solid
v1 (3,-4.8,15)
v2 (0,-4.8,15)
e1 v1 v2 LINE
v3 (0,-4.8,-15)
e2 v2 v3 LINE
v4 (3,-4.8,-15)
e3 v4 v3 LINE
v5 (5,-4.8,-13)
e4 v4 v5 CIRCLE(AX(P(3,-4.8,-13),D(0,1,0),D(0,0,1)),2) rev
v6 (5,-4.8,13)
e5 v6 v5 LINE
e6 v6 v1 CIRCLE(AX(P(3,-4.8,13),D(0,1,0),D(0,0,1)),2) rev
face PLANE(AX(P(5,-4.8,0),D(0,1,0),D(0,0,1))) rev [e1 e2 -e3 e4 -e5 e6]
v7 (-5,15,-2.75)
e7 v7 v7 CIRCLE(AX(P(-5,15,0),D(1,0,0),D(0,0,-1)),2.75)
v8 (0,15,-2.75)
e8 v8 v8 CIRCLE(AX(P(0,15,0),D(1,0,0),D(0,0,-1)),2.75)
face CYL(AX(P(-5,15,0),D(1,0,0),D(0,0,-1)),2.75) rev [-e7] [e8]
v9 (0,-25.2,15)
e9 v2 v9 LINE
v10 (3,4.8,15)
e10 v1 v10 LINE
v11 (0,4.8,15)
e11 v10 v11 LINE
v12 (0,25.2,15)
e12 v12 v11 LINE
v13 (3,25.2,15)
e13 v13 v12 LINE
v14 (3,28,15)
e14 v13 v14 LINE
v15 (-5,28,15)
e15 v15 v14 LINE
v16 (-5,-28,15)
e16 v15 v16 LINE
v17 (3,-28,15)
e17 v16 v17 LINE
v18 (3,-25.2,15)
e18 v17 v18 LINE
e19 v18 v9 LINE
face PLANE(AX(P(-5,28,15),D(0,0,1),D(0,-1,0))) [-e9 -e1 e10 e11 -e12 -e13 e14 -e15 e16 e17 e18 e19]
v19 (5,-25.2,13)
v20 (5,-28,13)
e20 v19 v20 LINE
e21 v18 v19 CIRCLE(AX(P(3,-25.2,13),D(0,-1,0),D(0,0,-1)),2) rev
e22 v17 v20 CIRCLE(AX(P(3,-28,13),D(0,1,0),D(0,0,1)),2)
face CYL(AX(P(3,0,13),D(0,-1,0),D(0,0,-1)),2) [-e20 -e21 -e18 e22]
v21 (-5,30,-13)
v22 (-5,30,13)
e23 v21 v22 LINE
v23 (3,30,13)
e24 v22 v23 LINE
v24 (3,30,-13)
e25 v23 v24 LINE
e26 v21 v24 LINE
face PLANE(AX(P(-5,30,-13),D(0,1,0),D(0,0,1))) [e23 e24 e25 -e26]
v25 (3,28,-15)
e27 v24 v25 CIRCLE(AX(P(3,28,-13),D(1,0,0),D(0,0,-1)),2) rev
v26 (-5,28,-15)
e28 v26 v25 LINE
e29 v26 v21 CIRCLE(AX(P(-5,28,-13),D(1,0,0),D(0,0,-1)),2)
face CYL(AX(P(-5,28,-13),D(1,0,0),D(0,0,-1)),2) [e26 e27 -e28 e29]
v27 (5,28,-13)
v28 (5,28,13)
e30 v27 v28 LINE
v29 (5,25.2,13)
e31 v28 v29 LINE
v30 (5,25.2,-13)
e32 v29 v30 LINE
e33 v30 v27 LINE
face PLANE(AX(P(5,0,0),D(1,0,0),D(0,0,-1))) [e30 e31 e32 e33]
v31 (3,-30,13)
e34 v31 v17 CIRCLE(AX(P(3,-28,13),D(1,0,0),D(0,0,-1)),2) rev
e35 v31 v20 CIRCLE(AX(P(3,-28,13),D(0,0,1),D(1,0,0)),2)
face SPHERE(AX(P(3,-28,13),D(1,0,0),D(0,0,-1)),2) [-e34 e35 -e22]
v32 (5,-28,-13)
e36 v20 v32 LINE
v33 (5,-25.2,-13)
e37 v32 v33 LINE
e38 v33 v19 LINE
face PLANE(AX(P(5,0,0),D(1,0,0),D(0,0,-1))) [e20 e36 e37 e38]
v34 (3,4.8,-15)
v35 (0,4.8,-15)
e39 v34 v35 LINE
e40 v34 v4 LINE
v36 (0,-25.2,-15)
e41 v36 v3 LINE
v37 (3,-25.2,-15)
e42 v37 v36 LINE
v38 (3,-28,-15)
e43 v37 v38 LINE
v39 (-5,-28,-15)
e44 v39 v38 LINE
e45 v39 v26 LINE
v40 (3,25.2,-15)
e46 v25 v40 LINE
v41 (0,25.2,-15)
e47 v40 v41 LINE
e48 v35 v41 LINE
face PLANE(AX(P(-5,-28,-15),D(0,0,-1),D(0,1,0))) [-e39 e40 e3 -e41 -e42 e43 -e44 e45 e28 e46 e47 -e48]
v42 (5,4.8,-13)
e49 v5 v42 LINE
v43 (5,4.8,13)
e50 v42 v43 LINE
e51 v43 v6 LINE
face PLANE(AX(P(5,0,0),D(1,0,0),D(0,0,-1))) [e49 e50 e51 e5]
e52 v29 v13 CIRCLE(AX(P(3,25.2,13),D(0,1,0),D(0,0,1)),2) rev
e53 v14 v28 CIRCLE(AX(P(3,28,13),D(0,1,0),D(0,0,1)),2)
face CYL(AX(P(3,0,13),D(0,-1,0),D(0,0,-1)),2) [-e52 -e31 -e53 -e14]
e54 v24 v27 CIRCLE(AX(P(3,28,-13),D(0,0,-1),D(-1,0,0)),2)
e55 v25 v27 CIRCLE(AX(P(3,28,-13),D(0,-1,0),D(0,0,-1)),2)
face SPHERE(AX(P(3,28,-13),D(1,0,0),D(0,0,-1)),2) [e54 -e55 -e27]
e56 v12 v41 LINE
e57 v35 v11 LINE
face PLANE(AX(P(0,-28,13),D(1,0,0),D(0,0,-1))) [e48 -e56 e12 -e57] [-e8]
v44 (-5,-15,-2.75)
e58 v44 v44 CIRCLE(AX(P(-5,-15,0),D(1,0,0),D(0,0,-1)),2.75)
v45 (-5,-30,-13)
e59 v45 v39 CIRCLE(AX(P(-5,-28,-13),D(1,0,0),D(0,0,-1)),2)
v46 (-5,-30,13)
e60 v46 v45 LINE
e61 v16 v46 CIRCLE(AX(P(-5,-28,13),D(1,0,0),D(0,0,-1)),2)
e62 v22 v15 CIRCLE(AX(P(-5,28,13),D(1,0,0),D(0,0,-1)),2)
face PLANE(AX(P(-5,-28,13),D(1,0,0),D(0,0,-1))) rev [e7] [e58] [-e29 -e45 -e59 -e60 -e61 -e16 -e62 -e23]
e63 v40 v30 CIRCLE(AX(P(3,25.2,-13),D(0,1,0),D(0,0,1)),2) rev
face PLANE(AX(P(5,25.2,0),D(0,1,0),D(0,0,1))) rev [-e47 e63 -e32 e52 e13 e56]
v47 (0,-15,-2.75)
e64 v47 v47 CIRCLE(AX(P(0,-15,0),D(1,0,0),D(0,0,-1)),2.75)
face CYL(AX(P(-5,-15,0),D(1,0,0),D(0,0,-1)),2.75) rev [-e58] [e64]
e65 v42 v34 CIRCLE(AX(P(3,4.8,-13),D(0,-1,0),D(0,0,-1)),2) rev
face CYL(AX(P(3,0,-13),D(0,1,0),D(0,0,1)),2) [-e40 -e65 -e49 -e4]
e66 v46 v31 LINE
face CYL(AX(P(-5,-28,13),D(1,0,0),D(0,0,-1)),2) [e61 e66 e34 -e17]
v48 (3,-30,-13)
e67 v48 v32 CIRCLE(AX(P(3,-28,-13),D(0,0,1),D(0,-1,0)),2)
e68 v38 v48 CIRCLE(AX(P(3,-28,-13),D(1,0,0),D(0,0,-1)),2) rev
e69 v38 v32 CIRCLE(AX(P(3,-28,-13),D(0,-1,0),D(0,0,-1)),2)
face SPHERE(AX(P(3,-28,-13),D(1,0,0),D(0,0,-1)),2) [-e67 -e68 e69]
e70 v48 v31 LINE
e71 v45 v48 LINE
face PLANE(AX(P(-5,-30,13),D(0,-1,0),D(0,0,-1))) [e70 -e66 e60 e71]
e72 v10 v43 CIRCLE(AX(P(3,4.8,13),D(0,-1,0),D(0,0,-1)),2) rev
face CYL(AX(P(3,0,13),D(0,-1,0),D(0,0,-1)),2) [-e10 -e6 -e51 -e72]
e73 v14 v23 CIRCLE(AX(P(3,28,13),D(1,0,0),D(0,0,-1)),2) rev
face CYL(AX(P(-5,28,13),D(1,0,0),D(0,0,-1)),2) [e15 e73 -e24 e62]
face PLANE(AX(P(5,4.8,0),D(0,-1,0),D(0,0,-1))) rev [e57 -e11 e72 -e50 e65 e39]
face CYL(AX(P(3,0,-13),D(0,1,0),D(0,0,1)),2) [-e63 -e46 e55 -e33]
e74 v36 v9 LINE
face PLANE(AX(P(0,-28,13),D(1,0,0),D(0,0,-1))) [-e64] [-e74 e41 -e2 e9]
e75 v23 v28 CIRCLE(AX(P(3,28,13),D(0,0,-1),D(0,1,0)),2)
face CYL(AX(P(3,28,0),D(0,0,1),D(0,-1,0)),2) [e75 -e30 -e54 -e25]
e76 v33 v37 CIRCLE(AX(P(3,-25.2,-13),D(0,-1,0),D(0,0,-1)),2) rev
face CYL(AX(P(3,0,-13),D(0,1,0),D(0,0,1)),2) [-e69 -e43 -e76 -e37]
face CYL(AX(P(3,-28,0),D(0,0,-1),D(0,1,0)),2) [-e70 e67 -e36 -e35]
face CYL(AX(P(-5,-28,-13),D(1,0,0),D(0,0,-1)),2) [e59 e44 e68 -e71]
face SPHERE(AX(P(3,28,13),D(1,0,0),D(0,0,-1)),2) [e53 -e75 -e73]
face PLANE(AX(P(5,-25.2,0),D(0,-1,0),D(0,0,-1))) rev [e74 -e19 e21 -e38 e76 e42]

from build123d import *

# Parameters (mm, degrees)
SKETCH_2_R      = 2.75
EXTRUDE_1_DEPTH = 5
EXTRUDE_START   = 5
SKETCH_4_W      = 30
SKETCH_4_H      = 9.6
EXTRUDE_2_DEPTH = 5
FILLET_1_R      = 2


with BuildPart() as part:
    # ｽｹｯﾁ2 → ﾎﾞｽ - 押し出し1 (new body)
    with BuildSketch(Plane(origin=(0, 0, 0), x_dir=(0, 0, -1), z_dir=(1, 0, 0))):
        with BuildLine():
            Line((-15, 28), (-15, -28))
            ThreePointArc((-15, -28), (-14.414213562, -29.414213562), (-13, -30))
            Line((-13, -30), (13, -30))
            ThreePointArc((13, -30), (14.414213562, -29.414213562), (15, -28))
            Line((15, -28), (15, 28))
            ThreePointArc((15, 28), (14.414213562, 29.414213562), (13, 30))
            Line((13, 30), (-13, 30))
            ThreePointArc((-13, 30), (-14.414213562, 29.414213562), (-15, 28))
        make_face()
        with Locations((0, 15)):
            Circle(SKETCH_2_R, mode=Mode.SUBTRACT)
        with Locations((0, -15)):
            Circle(SKETCH_2_R, mode=Mode.SUBTRACT)
    extrude(amount=-EXTRUDE_1_DEPTH)

    # ｽｹｯﾁ4 → ﾎﾞｽ - 押し出し2 (add)
    with BuildSketch(Plane(origin=(0, 0, 0), x_dir=(0, 0, -1), z_dir=(1, 0, 0)).offset(EXTRUDE_START)):
        with BuildLine():
            Line((-15, 28), (-15, 25.2))
            Line((-15, 25.2), (15, 25.2))
            Line((15, 25.2), (15, 28))
            ThreePointArc((15, 28), (14.414213562, 29.414213562), (13, 30))
            Line((13, 30), (-13, 30))
            ThreePointArc((-13, 30), (-14.414213562, 29.414213562), (-15, 28))
        make_face()
        Rectangle(SKETCH_4_W, SKETCH_4_H)
        with BuildLine():
            Line((15, -25.2), (-15, -25.2))
            Line((-15, -25.2), (-15, -28))
            ThreePointArc((-15, -28), (-14.414213562, -29.414213562), (-13, -30))
            Line((-13, -30), (13, -30))
            ThreePointArc((13, -30), (14.414213562, -29.414213562), (15, -28))
            Line((15, -28), (15, -25.2))
        make_face()
    extrude(amount=-EXTRUDE_2_DEPTH)

    # ﾌｨﾚｯﾄ1
    fillet_1_edges = [part.edges().sort_by_distance(p)[0] for p in [
        (5, 26.6, 15),
        (5, 26.6, -15),
        (5, 29.414213562, -14.414213562),
        (5, 30, 0),
        (5, 29.414213562, 14.414213562),
        (5, 0, -15),
        (5, 0, 15),
        (5, -26.6, -15),
        (5, -26.6, 15),
        (5, -29.414213562, 14.414213562),
        (5, -30, 0),
        (5, -29.414213562, -14.414213562),
    ]]
    fillet(fillet_1_edges, radius=FILLET_1_R)


solid = part.part
